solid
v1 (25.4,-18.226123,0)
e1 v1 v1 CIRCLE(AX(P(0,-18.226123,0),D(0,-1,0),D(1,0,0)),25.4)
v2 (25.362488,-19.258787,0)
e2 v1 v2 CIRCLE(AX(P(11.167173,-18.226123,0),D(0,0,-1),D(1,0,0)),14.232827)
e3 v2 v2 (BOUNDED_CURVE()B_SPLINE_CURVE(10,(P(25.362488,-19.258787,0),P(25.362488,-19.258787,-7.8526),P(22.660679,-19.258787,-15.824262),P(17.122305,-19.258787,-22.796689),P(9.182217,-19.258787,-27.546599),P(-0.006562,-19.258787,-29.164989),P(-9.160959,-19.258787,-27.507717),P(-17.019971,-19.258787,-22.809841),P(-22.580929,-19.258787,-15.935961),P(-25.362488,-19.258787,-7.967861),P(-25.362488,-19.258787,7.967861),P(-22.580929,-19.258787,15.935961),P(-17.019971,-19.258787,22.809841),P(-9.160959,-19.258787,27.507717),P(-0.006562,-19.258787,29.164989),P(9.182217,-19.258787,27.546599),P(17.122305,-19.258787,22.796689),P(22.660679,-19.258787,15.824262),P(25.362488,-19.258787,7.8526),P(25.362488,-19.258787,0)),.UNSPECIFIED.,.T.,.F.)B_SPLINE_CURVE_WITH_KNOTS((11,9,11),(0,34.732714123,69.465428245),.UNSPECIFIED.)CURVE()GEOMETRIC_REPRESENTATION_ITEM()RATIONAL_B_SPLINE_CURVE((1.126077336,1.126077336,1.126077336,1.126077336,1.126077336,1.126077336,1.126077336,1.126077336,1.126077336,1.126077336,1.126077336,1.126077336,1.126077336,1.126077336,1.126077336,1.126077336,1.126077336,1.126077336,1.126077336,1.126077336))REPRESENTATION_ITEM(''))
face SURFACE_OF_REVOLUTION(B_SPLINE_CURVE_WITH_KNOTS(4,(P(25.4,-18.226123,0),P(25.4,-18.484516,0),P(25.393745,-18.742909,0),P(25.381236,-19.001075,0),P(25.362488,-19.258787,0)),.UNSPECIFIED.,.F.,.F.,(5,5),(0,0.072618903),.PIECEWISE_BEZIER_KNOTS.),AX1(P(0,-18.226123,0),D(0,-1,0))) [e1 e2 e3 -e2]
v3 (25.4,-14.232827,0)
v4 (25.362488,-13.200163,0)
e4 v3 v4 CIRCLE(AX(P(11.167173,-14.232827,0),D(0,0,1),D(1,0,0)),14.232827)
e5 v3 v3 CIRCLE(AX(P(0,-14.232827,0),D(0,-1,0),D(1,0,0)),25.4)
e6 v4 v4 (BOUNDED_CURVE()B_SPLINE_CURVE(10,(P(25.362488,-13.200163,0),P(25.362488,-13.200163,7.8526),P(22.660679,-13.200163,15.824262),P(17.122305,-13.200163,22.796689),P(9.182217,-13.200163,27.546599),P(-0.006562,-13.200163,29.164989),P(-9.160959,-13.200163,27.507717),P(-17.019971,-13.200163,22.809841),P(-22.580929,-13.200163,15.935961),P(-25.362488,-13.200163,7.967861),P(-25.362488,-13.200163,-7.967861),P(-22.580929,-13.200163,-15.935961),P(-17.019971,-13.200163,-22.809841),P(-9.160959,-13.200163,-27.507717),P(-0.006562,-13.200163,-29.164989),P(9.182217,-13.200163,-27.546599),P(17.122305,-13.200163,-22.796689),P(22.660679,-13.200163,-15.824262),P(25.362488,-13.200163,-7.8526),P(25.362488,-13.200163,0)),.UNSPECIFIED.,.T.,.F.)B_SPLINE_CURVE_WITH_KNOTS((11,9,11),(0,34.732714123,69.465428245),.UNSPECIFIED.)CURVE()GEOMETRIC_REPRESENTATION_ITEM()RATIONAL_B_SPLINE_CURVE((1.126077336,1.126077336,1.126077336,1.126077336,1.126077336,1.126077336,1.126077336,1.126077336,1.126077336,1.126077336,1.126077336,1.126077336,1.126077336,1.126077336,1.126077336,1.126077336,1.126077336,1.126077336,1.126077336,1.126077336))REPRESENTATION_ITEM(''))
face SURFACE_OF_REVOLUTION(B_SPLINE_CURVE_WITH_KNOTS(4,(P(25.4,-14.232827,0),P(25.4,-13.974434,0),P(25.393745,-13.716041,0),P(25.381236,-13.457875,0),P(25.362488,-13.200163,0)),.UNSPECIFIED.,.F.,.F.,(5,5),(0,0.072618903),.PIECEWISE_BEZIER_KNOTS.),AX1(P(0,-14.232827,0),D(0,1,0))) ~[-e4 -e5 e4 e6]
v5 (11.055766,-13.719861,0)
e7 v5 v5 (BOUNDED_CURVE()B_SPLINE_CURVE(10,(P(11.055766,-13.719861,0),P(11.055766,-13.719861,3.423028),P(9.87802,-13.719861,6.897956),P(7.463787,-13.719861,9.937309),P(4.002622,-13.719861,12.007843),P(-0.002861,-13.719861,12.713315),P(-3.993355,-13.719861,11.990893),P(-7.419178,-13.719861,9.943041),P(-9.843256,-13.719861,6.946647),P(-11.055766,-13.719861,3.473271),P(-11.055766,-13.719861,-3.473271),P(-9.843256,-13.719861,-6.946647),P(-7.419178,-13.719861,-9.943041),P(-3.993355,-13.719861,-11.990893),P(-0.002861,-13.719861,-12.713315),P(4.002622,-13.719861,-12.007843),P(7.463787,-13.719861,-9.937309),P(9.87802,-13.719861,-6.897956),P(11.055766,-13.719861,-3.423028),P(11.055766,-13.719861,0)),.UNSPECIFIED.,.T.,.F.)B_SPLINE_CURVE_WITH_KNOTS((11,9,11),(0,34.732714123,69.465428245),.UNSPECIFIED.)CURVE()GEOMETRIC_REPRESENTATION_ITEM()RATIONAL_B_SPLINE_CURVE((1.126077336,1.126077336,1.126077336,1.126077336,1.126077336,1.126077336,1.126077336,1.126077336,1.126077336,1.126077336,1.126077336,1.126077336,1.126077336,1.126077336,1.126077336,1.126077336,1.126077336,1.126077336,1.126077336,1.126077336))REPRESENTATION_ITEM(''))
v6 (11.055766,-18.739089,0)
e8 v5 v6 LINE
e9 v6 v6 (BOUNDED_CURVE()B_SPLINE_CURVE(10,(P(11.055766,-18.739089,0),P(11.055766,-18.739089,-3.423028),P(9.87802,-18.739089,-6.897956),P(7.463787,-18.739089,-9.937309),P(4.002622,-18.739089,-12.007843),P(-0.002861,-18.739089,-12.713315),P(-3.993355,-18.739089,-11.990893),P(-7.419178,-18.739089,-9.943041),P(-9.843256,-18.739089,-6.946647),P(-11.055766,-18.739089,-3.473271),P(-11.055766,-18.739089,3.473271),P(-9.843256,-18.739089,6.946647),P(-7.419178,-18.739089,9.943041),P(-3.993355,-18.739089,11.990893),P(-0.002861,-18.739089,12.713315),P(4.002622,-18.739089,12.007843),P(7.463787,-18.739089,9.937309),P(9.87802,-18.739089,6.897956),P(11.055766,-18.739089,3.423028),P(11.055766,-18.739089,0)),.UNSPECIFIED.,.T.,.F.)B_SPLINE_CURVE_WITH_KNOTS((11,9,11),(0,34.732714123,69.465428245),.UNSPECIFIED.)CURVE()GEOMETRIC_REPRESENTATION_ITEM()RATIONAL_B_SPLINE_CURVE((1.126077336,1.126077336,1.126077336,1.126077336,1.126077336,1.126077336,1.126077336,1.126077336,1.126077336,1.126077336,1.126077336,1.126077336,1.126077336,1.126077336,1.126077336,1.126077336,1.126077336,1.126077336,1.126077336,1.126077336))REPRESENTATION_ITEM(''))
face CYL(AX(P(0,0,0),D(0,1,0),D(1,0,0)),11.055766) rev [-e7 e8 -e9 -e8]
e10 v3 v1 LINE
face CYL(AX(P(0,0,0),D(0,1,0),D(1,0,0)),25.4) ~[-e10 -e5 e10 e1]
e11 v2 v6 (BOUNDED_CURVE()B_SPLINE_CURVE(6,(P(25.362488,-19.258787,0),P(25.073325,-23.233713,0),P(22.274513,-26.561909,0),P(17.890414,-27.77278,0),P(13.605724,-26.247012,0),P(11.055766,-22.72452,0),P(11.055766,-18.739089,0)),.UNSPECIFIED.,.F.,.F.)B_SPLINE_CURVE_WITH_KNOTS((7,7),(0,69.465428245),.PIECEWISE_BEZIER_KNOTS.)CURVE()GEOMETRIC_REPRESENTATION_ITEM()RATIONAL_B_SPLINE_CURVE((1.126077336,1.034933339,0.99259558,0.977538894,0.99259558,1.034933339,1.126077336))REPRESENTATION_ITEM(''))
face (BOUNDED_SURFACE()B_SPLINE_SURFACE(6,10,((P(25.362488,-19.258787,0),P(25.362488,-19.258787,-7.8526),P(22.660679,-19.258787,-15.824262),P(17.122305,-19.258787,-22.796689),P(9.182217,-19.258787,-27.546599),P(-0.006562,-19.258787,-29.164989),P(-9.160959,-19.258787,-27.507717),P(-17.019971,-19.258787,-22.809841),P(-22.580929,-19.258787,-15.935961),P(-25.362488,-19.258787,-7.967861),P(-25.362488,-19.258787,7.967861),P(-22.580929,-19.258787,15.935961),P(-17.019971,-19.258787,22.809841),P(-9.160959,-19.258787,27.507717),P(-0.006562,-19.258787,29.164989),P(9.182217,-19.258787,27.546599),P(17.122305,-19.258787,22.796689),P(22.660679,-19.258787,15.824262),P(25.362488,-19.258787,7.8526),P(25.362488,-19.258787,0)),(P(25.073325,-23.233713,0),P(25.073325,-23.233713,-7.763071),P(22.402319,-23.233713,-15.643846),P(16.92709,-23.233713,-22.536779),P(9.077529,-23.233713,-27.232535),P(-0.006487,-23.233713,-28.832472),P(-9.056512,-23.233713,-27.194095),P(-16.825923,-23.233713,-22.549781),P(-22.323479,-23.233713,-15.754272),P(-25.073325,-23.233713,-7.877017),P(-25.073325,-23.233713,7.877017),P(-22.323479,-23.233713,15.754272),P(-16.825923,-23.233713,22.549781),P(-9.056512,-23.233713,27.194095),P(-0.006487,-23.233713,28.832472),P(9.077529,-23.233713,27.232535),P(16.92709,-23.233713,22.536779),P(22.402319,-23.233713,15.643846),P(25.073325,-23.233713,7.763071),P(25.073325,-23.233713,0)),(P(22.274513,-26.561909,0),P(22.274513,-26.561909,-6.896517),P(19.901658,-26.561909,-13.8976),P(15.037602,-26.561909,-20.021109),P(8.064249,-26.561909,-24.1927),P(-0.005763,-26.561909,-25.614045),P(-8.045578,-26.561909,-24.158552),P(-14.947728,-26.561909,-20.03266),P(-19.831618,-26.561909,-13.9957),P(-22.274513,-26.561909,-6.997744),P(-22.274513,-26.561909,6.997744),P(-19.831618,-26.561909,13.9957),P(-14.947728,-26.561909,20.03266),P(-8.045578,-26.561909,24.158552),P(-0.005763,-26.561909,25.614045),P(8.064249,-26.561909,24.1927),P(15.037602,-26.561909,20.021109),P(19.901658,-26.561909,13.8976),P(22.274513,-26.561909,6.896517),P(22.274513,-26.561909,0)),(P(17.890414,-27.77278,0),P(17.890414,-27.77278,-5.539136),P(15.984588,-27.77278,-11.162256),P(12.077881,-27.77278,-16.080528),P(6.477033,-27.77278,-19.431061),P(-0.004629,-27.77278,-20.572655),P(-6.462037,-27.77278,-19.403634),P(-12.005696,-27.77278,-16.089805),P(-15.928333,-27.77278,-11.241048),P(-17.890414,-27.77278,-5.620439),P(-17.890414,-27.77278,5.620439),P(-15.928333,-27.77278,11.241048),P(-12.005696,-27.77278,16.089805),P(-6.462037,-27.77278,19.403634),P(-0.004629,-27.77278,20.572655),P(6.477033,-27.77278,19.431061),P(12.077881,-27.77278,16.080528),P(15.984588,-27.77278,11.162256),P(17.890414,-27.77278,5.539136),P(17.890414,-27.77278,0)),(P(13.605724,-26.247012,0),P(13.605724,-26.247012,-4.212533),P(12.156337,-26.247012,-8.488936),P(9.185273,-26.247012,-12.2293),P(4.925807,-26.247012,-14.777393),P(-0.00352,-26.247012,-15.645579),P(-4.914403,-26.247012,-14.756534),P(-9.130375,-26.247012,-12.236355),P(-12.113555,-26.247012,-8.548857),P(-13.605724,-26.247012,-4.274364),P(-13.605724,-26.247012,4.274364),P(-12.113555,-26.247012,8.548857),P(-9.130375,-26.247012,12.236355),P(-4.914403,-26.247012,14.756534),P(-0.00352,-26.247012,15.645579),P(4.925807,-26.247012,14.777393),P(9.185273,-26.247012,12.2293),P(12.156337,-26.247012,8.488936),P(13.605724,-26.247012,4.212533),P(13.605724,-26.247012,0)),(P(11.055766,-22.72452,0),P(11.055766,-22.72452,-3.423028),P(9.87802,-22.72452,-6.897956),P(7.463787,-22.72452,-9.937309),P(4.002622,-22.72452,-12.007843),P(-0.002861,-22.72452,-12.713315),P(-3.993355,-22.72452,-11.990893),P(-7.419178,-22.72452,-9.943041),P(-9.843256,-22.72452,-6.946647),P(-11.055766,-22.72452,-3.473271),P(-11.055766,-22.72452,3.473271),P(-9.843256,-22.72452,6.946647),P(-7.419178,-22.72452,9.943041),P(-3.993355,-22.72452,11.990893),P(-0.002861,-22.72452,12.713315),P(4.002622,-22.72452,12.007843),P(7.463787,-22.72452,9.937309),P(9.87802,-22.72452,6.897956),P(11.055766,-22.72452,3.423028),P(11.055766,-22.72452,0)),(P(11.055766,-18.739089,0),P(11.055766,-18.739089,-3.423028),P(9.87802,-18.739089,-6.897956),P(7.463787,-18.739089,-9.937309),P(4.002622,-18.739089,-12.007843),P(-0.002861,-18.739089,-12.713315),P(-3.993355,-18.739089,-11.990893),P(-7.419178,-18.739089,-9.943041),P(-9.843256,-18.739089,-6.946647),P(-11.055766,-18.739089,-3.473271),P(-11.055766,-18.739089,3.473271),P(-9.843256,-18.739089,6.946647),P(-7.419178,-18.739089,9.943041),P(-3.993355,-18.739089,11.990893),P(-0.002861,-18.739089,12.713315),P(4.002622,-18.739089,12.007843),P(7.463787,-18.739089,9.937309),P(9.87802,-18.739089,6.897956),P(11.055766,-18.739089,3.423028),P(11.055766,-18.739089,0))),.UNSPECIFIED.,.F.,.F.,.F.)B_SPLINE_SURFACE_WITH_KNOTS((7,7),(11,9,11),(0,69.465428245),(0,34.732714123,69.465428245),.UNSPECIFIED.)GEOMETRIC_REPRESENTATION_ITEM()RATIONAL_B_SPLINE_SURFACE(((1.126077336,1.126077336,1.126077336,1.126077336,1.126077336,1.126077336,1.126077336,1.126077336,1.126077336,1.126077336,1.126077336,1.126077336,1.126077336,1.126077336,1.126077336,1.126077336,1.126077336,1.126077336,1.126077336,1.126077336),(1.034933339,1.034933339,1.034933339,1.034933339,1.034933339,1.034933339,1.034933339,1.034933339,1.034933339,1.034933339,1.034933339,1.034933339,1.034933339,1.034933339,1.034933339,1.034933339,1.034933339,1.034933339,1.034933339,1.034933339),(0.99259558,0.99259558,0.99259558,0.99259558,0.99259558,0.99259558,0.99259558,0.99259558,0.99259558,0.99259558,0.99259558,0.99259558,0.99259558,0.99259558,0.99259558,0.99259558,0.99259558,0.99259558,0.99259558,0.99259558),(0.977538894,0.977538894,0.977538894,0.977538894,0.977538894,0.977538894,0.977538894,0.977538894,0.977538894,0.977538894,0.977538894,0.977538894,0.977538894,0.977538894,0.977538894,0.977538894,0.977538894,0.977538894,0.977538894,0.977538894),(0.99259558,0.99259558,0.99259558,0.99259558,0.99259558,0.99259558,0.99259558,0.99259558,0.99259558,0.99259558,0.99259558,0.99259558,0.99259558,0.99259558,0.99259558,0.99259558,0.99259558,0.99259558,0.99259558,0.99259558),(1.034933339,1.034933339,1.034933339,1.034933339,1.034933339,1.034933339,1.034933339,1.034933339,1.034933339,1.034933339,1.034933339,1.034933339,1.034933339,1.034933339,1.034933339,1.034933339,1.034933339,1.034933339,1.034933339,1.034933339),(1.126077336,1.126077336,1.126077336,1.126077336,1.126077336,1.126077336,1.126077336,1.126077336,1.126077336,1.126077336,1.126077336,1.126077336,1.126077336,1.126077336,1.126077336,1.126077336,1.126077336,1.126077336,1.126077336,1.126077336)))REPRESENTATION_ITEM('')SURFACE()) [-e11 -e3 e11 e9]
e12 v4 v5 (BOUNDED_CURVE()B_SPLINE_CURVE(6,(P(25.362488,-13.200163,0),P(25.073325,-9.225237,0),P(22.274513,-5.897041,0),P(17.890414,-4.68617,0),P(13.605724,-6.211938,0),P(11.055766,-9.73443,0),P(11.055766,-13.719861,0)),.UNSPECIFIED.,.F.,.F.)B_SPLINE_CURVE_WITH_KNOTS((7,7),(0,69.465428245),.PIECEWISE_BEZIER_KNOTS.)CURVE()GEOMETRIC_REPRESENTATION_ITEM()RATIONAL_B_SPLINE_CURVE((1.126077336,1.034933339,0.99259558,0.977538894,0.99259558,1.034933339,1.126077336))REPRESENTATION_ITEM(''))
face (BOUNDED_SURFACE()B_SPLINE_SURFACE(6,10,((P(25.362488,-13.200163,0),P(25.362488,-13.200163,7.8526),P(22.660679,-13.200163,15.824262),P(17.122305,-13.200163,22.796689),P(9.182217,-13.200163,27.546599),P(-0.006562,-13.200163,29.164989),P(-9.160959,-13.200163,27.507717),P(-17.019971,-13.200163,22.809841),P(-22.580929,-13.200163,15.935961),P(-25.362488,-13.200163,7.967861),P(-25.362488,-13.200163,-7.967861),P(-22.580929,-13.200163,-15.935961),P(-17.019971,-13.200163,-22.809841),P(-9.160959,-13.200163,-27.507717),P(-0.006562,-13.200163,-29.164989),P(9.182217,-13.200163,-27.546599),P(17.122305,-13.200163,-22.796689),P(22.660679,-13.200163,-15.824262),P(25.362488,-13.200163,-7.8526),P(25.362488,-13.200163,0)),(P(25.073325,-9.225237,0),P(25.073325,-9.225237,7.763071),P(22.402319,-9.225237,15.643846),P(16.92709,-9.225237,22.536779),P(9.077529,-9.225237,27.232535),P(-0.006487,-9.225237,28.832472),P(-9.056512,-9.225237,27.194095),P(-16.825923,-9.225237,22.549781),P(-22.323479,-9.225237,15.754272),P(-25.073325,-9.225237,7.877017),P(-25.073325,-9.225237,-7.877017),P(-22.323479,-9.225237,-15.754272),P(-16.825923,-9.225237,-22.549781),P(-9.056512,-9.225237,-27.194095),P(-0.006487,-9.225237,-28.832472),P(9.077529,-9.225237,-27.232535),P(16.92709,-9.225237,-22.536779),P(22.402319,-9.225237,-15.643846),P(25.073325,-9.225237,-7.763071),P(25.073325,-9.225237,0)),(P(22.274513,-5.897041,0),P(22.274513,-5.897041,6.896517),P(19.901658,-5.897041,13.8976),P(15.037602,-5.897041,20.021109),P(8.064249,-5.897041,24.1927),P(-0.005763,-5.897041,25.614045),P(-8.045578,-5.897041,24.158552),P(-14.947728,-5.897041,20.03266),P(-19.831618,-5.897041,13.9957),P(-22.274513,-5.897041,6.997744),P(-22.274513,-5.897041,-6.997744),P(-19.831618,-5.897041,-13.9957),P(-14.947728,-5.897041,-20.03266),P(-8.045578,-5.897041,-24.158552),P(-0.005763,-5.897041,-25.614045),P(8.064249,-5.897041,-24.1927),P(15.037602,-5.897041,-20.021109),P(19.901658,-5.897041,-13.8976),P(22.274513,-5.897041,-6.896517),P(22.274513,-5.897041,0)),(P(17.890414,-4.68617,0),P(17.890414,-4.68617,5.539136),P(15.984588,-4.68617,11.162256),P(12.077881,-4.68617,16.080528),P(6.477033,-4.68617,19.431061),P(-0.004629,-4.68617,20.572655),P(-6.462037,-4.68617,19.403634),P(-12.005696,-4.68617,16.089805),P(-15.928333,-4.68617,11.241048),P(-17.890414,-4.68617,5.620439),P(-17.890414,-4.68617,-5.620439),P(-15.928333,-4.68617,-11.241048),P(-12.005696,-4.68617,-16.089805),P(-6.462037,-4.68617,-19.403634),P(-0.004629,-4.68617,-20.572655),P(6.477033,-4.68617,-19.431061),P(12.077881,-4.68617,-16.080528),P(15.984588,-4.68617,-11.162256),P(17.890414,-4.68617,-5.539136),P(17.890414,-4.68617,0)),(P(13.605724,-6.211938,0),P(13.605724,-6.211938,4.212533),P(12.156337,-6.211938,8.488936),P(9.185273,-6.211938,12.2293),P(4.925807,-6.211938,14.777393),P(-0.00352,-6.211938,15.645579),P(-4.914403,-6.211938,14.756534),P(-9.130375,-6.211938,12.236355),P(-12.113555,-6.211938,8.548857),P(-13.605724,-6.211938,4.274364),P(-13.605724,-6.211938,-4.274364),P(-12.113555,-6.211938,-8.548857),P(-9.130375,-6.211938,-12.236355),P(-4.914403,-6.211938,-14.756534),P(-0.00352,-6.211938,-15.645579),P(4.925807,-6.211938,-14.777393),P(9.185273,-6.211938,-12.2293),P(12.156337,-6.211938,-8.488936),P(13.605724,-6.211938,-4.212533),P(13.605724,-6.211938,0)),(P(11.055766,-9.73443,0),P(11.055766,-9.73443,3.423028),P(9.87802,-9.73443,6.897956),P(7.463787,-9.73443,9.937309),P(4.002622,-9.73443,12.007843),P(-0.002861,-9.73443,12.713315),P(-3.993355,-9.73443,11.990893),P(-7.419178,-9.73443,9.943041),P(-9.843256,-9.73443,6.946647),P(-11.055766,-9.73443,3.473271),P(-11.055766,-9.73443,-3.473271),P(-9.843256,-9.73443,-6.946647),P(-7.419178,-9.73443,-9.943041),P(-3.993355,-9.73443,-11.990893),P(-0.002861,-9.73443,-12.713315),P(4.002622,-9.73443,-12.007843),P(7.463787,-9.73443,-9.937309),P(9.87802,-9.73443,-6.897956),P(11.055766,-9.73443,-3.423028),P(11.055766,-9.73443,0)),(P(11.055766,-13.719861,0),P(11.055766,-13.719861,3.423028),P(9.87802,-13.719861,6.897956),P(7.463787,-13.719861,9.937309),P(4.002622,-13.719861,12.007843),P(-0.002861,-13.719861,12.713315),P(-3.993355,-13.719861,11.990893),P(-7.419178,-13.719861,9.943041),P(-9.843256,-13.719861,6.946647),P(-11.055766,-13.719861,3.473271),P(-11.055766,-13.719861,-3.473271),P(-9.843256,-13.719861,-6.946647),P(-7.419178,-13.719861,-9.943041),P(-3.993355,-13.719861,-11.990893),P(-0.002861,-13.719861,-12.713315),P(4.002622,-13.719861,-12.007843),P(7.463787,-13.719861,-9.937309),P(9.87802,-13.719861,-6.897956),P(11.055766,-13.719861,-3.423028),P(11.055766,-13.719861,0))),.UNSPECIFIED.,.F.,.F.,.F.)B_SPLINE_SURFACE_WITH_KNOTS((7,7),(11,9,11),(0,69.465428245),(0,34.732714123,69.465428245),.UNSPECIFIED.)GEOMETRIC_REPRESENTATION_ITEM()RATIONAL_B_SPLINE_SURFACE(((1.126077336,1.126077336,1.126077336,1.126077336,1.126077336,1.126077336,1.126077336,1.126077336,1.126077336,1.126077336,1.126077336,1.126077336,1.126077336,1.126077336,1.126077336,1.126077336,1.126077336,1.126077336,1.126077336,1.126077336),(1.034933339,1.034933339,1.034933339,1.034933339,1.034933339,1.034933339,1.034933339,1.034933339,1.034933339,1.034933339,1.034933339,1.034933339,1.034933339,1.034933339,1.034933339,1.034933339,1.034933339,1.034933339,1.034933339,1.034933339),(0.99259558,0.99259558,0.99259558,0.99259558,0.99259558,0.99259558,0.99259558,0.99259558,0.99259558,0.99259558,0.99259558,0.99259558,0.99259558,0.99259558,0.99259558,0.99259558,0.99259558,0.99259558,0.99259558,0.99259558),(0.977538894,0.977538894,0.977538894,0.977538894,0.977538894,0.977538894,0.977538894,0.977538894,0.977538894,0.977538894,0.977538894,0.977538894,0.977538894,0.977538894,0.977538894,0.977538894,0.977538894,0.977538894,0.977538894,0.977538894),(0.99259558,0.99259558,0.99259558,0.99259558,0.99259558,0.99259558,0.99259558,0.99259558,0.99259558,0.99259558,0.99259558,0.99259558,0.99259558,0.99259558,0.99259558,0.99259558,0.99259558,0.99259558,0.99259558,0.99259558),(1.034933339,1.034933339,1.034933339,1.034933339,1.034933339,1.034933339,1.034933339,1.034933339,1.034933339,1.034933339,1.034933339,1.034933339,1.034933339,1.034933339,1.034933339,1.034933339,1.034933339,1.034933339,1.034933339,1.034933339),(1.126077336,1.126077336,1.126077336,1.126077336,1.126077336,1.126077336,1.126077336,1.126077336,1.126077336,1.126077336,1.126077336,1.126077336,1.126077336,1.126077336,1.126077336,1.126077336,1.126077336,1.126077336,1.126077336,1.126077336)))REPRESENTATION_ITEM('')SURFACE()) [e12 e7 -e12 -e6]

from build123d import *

# Parameters (mm, degrees)
F0_R     = 25.4
F1_DEPTH = 32.45895
F2_R     = 14.232827062
F3_R     = 11.0557662792
F4_DEPTH = 97.05153
F5_R     = 7.1628


with BuildPart() as f1:
    # F0 (on Front) → F1 (new body)
    with BuildSketch(Plane.XZ):
        Circle(F0_R)
    extrude(amount=F1_DEPTH)

    # F2
    f2_edges = [f1.edges().sort_by_distance(p)[0] for p in [
        (-25.4, -32.45895, 0),
        (-25.4, 0, 0),
    ]]
    fillet(f2_edges, radius=F2_R)

    # F3 (on Front) → F4 (cut)
    with BuildSketch(Plane.XZ):
        Circle(F3_R)
    extrude(amount=F4_DEPTH, mode=Mode.SUBTRACT)

    # F5
    f5_edges = [f1.edges().sort_by_distance(p)[0] for p in [
        (-11.055766, 0, 0),
        (11.055766, -16.229475, 0),
        (-11.055766, -32.45895, 0),
    ]]
    fillet(f5_edges, radius=F5_R)


solid = f1.part
